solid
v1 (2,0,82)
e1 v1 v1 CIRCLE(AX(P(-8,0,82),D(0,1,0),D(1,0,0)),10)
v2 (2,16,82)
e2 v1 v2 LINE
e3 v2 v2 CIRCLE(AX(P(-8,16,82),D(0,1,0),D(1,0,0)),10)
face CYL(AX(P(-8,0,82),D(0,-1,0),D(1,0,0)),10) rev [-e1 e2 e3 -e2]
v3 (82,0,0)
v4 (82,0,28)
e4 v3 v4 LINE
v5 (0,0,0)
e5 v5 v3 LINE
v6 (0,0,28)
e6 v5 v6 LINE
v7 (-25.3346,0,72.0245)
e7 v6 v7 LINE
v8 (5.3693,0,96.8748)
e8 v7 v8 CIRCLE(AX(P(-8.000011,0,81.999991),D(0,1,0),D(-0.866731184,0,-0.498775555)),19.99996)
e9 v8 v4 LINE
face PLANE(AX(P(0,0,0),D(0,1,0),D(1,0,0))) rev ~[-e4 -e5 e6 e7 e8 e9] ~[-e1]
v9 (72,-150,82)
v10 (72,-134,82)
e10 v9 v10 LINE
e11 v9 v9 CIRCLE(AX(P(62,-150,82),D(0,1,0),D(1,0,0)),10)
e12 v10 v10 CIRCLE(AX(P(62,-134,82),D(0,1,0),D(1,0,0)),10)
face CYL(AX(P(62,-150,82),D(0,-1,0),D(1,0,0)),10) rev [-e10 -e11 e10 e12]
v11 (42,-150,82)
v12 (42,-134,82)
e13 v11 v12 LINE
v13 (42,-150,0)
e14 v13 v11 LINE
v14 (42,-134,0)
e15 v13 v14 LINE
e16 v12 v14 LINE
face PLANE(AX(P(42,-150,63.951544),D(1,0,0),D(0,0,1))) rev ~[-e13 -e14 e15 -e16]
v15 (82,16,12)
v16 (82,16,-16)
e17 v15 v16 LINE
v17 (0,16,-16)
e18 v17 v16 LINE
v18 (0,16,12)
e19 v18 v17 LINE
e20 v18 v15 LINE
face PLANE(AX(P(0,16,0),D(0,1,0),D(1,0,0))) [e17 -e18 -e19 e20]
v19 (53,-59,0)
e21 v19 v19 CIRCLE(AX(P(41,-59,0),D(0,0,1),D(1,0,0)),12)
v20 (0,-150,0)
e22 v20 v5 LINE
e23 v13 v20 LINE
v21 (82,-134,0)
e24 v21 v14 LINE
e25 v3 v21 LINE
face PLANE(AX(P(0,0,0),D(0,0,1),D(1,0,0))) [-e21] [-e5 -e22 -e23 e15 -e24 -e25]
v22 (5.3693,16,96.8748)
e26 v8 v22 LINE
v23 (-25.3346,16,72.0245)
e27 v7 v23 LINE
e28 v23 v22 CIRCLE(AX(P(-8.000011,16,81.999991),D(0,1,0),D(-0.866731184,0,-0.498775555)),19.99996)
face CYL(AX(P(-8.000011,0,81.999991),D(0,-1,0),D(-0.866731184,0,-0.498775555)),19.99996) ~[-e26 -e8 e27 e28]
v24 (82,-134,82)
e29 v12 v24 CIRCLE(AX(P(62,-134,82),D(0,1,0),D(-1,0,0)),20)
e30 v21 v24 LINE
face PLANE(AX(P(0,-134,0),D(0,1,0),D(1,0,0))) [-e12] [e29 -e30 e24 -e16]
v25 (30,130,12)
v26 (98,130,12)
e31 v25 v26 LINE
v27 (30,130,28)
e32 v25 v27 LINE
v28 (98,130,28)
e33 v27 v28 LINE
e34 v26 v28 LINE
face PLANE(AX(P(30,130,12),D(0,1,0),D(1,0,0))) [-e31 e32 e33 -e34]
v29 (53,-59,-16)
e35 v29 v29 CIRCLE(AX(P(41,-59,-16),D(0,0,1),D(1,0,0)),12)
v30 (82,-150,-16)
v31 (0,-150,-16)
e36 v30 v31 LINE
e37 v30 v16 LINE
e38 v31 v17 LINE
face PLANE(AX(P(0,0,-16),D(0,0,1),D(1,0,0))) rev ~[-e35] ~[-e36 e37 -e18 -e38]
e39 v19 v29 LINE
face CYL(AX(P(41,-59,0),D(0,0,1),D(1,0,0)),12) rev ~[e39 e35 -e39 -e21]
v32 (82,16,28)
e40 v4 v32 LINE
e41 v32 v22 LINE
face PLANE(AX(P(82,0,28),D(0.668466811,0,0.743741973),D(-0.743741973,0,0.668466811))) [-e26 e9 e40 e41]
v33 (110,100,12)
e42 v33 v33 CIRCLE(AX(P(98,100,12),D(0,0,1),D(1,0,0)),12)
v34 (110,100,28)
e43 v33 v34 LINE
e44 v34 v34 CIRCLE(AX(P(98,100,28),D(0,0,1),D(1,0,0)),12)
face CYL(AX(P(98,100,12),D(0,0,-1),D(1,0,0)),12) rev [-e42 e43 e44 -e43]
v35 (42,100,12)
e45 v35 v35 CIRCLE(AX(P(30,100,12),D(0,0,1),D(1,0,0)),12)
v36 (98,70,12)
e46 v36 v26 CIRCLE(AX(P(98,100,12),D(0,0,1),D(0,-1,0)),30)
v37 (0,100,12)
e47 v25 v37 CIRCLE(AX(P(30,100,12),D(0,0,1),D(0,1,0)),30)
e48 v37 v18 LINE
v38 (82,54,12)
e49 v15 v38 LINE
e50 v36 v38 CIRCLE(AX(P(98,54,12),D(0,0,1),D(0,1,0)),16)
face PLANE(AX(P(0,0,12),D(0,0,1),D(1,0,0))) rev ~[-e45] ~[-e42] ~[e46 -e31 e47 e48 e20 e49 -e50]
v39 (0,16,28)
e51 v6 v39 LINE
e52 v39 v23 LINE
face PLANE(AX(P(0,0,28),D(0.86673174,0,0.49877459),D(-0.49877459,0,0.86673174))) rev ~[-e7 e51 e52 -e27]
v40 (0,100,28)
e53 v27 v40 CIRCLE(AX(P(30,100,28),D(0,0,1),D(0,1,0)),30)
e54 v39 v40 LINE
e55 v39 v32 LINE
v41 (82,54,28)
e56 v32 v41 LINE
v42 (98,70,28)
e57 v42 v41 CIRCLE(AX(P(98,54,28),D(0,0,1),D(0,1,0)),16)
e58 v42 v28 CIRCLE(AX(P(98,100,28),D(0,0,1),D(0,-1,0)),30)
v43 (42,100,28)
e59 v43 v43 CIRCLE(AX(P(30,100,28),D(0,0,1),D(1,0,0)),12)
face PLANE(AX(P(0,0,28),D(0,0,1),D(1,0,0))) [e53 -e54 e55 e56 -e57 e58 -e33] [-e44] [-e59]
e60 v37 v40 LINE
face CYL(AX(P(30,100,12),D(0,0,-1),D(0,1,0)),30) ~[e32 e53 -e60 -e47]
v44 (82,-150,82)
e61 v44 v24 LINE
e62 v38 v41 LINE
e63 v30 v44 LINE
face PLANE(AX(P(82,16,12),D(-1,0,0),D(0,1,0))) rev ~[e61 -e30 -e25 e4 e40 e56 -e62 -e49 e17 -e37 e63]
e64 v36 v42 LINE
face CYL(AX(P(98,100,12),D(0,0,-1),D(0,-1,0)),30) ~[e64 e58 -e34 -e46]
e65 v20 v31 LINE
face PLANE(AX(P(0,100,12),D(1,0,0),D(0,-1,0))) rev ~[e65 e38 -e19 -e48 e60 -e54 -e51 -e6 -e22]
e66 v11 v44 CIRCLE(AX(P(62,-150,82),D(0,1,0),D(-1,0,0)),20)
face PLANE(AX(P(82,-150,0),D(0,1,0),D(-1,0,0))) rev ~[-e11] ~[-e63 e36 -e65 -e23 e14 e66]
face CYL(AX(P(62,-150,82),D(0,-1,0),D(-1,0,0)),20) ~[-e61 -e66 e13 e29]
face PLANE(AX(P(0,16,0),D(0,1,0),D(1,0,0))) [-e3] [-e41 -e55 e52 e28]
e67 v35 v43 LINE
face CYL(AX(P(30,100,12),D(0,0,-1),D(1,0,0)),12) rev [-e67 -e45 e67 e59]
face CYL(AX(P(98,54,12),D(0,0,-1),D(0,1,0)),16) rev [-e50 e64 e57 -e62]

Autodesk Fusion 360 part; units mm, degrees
sketch "Sketch1" plane through (0, 0, 0) normal (0, 0, 1) x (1, 0, 0)
  line L0 (0, 0) -> (82, 0)
  line L1 (82, 0) -> (82, -150)
  line L2 (82, -150) -> (0, -150)
  line L3 (0, -150) -> (0, 0)
  line L4 (0, 0) -> (82, 0)
  line L5 (82, 0) -> (82, 100) construction
  line L6 (82, 100) -> (0, 100) construction
  line L7 (0, 100) -> (0, 0)
  line L8 (0, 16) -> (82, 16)
  line L9 (82, 0) -> (82, 16)
  circle A0 centre (30, 100) radius 12
  circle A1 centre (98, 100) radius 12
  line L10 (30, 130) -> (98, 130)
  line L11 (82, 16) -> (82, 54)
  arc A2 (98, 70) -> (82, 54) centre (98, 54) ccw
  arc A3 (98, 70) -> (98, 130) centre (98, 100) ccw
  arc A4 (30, 130) -> (0, 100) centre (30, 100) ccw
  circle A5 centre (41, -59) radius 12
  dimension "d1" = 150
  dimension "d2" = 82
  dimension "d3" = 82
  dimension "d4" = 100
  dimension "d5" = 16
  dimension "d6" = 24
  dimension "d7" = 24
  dimension "d8" = 30
  dimension "d9" = 98
  dimension "d10" = 60
  dimension "d11" = 60
  dimension "d12" = 32
  dimension "d23" = 24
  dimension "d24" = 41
  dimension "d25" = 59
sketch "Sketch2" plane through (0, 0, 0) normal (0, 1, 0) x (1, 0, 0)
  line L0 (42, -82) -> (82, -82) construction
  line L1 (82, -82) -> (82, 0)
  line L2 (82, 0) -> (42, 0)
  line L3 (42, 0) -> (42, -82)
  circle A0 centre (-8, -82) radius 10
  circle A1 centre (62, -82) radius 10
  line L4 (0, -28) -> (82, -28)
  line L5 (0, -28) -> (-25.3346, -72.0245)
  line L6 (82, -28) -> (5.3693, -96.8748)
  arc A2 (-25.3346, -72.0245) -> (5.3693, -96.8748) centre (-8, -82) ccw
  arc A3 (42, -82) -> (82, -82) centre (62, -82) ccw
  dimension "d26" = 42
  dimension "d27" = 82
  dimension "d28" = 82
  dimension "d29" = 82
  dimension "d30" = 20
  dimension "d31" = 62
  dimension "d32" = 20
  dimension "d33" = 40
  dimension "d34" = 82
  dimension "d35" = 82
  dimension "d36" = 28
  dimension "d38" = 82
  dimension "d39" = 8
extrude "Extrude1" add sketch "Sketch1" against normal blind 16 contours L0 L1 L2 L3 L4
extrude "Extrude2" add sketch "Sketch1" along normal blind 28 and the other way up to surface (16 mm away) contours L0 L4 L7 L8 L9
extrude "Extrude3" add sketch "Sketch1" along normal blind 16 from surface at 12 contours L7 L8 L10 L11 A2 A3 A4
extrude "Extrude5" add sketch "Sketch2" along normal blind 16 from surface at -150 contours L1 L3 L6 A3 | L1 L2 L3 L4 | L3 L4 L6
extrude "Extrude6" add sketch "Sketch2" along normal blind 16 contours L3 L4 L6 | L3 L4 L5 L6 A2
equation "d3 = d2"
equation "d4 = 84 mm + 16 mm"
equation "d9 = d8 + 68 mm"
equation "d25 = 150 mm - 16 mm - 16 mm - 59 mm"
equation "d31 = 42 mm + ( 82 - 42 ) / 2 * 1 mm"
equation "d45 = 28 mm - 16 mm"
